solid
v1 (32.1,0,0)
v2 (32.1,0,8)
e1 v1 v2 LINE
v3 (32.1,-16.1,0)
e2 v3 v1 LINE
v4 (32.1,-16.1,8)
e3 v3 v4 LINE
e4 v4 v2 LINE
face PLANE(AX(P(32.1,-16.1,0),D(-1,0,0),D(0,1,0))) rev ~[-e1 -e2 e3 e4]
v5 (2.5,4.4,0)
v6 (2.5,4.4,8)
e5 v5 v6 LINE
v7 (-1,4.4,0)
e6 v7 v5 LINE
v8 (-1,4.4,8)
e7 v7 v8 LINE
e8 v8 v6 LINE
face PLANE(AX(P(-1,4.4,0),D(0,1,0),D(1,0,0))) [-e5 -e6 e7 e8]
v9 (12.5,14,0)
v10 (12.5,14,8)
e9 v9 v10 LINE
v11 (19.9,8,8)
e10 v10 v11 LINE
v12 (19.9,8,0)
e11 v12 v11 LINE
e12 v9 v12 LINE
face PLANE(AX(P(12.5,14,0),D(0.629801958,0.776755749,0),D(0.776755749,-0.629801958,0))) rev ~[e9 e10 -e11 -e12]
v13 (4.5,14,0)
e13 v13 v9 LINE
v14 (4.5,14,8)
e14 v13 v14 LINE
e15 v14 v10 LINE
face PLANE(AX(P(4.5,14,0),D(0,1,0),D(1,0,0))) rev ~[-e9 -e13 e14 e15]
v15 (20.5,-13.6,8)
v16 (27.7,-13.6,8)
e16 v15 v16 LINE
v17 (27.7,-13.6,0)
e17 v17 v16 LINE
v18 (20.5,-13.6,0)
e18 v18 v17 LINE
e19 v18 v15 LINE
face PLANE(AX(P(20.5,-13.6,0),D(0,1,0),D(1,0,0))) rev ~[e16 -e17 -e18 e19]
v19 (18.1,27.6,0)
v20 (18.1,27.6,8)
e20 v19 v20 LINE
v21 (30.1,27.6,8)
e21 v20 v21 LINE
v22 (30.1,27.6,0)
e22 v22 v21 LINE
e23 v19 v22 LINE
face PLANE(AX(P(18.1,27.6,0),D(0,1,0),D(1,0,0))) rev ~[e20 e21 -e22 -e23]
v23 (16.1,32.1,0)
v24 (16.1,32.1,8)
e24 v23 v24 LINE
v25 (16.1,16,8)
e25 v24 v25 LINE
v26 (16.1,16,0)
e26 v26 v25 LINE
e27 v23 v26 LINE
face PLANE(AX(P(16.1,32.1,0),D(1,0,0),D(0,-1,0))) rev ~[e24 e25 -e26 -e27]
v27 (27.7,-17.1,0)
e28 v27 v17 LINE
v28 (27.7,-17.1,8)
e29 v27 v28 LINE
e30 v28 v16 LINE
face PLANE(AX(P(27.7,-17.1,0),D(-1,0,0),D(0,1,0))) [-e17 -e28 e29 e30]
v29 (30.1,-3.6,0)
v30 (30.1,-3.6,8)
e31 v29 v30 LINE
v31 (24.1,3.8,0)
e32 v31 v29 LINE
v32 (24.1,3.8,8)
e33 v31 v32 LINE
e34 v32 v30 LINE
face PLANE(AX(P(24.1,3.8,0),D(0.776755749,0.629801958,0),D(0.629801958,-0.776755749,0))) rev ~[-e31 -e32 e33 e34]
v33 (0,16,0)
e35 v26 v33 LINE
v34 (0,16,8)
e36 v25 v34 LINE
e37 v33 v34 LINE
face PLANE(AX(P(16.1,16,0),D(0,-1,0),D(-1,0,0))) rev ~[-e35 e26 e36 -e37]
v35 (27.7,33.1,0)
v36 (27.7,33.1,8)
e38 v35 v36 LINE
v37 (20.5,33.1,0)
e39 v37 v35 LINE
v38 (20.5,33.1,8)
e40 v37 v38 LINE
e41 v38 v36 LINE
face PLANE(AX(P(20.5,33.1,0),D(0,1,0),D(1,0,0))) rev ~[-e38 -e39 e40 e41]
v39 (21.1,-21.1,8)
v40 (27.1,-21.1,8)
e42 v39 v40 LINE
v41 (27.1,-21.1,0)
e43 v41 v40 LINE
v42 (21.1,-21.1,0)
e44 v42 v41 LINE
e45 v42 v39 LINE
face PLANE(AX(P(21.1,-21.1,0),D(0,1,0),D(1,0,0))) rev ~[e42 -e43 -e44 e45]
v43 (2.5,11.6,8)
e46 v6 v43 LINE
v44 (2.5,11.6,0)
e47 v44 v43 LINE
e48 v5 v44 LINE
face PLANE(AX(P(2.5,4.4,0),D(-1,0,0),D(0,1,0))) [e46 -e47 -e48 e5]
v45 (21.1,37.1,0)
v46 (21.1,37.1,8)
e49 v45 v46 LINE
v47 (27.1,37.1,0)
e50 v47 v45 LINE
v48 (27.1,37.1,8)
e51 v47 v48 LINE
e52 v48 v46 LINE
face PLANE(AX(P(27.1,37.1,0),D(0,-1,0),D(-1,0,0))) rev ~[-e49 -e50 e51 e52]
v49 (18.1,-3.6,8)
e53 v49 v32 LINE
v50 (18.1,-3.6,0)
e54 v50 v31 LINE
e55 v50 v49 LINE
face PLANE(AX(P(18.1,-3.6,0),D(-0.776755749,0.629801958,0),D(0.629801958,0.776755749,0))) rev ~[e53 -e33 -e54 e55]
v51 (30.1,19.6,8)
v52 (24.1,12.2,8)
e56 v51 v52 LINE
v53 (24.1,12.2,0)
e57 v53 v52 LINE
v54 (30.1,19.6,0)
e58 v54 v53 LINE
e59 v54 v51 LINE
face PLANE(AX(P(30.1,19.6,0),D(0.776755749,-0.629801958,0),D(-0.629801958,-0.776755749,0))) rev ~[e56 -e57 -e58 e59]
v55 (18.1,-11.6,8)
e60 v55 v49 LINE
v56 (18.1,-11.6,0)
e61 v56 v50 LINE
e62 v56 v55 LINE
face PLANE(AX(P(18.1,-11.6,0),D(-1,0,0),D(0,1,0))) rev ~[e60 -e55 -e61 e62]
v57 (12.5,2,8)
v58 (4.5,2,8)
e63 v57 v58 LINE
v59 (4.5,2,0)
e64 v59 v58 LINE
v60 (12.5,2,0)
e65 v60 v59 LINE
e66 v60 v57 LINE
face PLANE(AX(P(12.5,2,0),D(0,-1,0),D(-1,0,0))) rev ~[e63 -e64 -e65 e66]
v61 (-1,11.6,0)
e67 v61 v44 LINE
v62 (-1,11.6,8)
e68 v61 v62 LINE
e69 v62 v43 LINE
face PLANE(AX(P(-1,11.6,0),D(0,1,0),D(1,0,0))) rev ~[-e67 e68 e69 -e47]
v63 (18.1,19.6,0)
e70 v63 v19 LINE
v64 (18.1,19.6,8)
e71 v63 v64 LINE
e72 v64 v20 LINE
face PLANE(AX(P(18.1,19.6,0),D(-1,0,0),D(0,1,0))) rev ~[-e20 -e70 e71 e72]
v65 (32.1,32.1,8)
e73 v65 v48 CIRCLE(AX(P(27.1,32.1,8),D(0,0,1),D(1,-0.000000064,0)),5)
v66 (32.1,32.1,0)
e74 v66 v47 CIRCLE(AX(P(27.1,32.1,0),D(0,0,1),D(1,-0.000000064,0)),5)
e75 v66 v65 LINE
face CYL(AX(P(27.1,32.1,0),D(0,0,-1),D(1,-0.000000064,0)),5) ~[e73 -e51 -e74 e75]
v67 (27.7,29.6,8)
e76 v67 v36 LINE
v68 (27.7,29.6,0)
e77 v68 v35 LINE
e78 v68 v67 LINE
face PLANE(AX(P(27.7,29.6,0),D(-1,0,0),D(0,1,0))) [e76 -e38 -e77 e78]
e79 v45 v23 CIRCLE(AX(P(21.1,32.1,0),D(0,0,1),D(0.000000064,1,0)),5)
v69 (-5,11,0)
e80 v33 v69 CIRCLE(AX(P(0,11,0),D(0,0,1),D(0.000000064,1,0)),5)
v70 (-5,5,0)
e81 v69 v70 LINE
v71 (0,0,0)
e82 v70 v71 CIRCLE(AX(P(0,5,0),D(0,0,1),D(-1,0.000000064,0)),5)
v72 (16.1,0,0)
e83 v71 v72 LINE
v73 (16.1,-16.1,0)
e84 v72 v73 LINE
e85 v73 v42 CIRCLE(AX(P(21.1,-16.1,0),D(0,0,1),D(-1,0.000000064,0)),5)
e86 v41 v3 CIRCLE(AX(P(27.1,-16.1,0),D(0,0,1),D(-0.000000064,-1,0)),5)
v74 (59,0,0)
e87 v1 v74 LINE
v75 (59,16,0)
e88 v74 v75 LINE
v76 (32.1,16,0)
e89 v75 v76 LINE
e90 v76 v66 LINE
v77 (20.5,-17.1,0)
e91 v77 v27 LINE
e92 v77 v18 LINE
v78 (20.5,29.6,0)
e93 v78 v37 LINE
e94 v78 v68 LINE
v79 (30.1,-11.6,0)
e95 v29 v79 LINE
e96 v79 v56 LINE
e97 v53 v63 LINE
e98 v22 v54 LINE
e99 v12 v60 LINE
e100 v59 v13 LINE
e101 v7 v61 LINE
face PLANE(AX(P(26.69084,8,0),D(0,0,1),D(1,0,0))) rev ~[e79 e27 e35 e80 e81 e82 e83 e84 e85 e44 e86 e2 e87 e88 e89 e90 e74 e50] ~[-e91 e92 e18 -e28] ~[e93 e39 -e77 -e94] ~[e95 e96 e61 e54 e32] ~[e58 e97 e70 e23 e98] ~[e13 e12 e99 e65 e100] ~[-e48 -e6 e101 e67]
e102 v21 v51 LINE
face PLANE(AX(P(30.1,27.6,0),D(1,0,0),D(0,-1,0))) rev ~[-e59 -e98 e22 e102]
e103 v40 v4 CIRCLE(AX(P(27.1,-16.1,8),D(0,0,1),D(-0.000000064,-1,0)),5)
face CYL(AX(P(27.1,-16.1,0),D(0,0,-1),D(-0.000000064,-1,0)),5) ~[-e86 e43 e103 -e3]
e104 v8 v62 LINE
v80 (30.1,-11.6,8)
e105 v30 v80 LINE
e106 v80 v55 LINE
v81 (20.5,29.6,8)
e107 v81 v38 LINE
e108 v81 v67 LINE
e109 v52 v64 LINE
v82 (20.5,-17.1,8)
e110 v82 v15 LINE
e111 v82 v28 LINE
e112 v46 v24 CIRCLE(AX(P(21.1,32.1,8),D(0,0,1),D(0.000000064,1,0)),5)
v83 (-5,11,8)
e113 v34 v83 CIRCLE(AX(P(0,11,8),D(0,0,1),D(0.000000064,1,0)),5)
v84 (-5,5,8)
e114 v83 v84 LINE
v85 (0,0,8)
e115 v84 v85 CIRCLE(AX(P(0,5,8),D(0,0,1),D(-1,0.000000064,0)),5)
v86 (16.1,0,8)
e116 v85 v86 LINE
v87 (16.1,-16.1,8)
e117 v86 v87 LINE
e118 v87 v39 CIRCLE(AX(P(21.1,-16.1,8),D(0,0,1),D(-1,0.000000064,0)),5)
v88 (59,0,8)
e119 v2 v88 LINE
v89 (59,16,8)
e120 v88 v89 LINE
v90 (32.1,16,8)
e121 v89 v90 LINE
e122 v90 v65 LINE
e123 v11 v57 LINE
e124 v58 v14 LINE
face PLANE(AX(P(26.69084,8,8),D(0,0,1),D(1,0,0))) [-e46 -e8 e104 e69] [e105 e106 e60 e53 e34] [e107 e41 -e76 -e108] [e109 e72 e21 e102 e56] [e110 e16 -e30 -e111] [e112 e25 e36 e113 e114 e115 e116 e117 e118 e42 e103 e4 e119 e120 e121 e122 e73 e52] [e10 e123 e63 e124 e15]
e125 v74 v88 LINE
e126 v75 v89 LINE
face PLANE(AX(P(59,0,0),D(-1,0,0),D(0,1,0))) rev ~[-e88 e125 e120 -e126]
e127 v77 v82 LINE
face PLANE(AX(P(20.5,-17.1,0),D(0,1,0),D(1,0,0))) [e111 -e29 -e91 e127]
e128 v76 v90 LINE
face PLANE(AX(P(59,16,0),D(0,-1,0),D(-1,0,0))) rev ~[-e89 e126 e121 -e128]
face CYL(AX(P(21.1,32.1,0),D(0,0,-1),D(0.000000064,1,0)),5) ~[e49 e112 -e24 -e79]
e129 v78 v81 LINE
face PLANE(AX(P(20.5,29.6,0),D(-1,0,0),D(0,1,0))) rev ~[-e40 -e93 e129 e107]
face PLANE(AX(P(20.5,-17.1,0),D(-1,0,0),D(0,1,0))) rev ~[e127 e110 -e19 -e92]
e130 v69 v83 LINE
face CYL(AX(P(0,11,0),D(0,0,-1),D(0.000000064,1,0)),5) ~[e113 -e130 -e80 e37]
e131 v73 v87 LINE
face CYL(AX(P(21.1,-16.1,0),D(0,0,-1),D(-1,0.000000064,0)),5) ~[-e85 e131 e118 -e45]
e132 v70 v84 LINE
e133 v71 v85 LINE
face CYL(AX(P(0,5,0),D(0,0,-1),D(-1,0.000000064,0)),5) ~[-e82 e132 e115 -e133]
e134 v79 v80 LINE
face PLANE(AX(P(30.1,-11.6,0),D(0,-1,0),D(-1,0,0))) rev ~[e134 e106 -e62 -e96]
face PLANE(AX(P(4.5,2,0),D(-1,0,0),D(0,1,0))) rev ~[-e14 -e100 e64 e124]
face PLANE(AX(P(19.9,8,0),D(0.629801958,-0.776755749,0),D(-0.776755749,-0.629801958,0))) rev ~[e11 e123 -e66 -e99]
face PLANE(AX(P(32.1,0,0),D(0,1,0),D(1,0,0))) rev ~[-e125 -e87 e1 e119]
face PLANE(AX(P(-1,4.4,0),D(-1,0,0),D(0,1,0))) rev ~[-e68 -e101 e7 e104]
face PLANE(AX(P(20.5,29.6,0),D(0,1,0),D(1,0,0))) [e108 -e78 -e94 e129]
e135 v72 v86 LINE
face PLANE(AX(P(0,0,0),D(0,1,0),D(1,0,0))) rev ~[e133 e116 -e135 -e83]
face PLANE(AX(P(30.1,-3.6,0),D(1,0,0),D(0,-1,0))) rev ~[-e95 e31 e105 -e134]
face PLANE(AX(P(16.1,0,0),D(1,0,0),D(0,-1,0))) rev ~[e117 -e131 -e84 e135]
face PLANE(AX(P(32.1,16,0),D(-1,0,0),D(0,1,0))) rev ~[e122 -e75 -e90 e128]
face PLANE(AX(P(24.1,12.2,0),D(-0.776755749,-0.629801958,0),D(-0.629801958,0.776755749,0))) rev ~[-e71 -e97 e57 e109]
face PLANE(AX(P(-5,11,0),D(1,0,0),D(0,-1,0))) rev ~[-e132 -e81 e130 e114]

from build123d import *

# Parameters (mm, degrees)
F0_W     = 7.2
F0_H     = 3.5
F0_W_2   = 3.5
F0_H_2   = 7.2
F1_DEPTH = 8


with BuildPart() as f1:
    # F0 (on Top) → F1 (new body)
    with BuildSketch(Plane.XY):
        with BuildLine():
            ThreePointArc((-5, 5), (-3.535534, 1.464466), (0, 0))
            Line((0, 0), (16.1, 0))
            Line((16.1, 0), (16.1, -16.1))
            ThreePointArc((16.1, -16.1), (17.564466, -19.635534), (21.1, -21.1))
            Line((21.1, -21.1), (27.1, -21.1))
            ThreePointArc((27.1, -21.1), (30.635534, -19.635534), (32.1, -16.1))
            Line((32.1, -16.1), (32.1, 0))
            Line((32.1, 0), (59, 0))
            Line((59, 0), (59, 16))
            Line((59, 16), (32.1, 16))
            Line((32.1, 16), (32.1, 32.1))
            ThreePointArc((32.1, 32.1), (30.635534, 35.635534), (27.1, 37.1))
            Line((27.1, 37.1), (21.1, 37.1))
            ThreePointArc((21.1, 37.1), (17.564466, 35.635534), (16.1, 32.1))
            Line((16.1, 32.1), (16.1, 16))
            Line((16.1, 16), (0, 16))
            ThreePointArc((0, 16), (-3.535534, 14.535534), (-5, 11))
            Line((-5, 11), (-5, 5))
        make_face()
        with Locations((24.1, -15.35)):
            Rectangle(F0_W, F0_H, mode=Mode.SUBTRACT)
        with Locations((0.75, 8)):
            Rectangle(F0_W_2, F0_H_2, mode=Mode.SUBTRACT)
        Polygon((30.1, -3.6), (30.1, -11.6), (18.1, -11.6), (18.1, -3.6), (24.1, 3.8), align=None, mode=Mode.SUBTRACT)
        Polygon((12.5, 2), (4.5, 2), (4.5, 14), (12.5, 14), (19.9, 8), align=None, mode=Mode.SUBTRACT)
        Polygon((18.1, 19.6), (18.1, 27.6), (30.1, 27.6), (30.1, 19.6), (24.1, 12.2), align=None, mode=Mode.SUBTRACT)
        with Locations((24.1, 31.35)):
            Rectangle(F0_W, F0_H, mode=Mode.SUBTRACT)
    extrude(amount=F1_DEPTH)


solid = f1.part
